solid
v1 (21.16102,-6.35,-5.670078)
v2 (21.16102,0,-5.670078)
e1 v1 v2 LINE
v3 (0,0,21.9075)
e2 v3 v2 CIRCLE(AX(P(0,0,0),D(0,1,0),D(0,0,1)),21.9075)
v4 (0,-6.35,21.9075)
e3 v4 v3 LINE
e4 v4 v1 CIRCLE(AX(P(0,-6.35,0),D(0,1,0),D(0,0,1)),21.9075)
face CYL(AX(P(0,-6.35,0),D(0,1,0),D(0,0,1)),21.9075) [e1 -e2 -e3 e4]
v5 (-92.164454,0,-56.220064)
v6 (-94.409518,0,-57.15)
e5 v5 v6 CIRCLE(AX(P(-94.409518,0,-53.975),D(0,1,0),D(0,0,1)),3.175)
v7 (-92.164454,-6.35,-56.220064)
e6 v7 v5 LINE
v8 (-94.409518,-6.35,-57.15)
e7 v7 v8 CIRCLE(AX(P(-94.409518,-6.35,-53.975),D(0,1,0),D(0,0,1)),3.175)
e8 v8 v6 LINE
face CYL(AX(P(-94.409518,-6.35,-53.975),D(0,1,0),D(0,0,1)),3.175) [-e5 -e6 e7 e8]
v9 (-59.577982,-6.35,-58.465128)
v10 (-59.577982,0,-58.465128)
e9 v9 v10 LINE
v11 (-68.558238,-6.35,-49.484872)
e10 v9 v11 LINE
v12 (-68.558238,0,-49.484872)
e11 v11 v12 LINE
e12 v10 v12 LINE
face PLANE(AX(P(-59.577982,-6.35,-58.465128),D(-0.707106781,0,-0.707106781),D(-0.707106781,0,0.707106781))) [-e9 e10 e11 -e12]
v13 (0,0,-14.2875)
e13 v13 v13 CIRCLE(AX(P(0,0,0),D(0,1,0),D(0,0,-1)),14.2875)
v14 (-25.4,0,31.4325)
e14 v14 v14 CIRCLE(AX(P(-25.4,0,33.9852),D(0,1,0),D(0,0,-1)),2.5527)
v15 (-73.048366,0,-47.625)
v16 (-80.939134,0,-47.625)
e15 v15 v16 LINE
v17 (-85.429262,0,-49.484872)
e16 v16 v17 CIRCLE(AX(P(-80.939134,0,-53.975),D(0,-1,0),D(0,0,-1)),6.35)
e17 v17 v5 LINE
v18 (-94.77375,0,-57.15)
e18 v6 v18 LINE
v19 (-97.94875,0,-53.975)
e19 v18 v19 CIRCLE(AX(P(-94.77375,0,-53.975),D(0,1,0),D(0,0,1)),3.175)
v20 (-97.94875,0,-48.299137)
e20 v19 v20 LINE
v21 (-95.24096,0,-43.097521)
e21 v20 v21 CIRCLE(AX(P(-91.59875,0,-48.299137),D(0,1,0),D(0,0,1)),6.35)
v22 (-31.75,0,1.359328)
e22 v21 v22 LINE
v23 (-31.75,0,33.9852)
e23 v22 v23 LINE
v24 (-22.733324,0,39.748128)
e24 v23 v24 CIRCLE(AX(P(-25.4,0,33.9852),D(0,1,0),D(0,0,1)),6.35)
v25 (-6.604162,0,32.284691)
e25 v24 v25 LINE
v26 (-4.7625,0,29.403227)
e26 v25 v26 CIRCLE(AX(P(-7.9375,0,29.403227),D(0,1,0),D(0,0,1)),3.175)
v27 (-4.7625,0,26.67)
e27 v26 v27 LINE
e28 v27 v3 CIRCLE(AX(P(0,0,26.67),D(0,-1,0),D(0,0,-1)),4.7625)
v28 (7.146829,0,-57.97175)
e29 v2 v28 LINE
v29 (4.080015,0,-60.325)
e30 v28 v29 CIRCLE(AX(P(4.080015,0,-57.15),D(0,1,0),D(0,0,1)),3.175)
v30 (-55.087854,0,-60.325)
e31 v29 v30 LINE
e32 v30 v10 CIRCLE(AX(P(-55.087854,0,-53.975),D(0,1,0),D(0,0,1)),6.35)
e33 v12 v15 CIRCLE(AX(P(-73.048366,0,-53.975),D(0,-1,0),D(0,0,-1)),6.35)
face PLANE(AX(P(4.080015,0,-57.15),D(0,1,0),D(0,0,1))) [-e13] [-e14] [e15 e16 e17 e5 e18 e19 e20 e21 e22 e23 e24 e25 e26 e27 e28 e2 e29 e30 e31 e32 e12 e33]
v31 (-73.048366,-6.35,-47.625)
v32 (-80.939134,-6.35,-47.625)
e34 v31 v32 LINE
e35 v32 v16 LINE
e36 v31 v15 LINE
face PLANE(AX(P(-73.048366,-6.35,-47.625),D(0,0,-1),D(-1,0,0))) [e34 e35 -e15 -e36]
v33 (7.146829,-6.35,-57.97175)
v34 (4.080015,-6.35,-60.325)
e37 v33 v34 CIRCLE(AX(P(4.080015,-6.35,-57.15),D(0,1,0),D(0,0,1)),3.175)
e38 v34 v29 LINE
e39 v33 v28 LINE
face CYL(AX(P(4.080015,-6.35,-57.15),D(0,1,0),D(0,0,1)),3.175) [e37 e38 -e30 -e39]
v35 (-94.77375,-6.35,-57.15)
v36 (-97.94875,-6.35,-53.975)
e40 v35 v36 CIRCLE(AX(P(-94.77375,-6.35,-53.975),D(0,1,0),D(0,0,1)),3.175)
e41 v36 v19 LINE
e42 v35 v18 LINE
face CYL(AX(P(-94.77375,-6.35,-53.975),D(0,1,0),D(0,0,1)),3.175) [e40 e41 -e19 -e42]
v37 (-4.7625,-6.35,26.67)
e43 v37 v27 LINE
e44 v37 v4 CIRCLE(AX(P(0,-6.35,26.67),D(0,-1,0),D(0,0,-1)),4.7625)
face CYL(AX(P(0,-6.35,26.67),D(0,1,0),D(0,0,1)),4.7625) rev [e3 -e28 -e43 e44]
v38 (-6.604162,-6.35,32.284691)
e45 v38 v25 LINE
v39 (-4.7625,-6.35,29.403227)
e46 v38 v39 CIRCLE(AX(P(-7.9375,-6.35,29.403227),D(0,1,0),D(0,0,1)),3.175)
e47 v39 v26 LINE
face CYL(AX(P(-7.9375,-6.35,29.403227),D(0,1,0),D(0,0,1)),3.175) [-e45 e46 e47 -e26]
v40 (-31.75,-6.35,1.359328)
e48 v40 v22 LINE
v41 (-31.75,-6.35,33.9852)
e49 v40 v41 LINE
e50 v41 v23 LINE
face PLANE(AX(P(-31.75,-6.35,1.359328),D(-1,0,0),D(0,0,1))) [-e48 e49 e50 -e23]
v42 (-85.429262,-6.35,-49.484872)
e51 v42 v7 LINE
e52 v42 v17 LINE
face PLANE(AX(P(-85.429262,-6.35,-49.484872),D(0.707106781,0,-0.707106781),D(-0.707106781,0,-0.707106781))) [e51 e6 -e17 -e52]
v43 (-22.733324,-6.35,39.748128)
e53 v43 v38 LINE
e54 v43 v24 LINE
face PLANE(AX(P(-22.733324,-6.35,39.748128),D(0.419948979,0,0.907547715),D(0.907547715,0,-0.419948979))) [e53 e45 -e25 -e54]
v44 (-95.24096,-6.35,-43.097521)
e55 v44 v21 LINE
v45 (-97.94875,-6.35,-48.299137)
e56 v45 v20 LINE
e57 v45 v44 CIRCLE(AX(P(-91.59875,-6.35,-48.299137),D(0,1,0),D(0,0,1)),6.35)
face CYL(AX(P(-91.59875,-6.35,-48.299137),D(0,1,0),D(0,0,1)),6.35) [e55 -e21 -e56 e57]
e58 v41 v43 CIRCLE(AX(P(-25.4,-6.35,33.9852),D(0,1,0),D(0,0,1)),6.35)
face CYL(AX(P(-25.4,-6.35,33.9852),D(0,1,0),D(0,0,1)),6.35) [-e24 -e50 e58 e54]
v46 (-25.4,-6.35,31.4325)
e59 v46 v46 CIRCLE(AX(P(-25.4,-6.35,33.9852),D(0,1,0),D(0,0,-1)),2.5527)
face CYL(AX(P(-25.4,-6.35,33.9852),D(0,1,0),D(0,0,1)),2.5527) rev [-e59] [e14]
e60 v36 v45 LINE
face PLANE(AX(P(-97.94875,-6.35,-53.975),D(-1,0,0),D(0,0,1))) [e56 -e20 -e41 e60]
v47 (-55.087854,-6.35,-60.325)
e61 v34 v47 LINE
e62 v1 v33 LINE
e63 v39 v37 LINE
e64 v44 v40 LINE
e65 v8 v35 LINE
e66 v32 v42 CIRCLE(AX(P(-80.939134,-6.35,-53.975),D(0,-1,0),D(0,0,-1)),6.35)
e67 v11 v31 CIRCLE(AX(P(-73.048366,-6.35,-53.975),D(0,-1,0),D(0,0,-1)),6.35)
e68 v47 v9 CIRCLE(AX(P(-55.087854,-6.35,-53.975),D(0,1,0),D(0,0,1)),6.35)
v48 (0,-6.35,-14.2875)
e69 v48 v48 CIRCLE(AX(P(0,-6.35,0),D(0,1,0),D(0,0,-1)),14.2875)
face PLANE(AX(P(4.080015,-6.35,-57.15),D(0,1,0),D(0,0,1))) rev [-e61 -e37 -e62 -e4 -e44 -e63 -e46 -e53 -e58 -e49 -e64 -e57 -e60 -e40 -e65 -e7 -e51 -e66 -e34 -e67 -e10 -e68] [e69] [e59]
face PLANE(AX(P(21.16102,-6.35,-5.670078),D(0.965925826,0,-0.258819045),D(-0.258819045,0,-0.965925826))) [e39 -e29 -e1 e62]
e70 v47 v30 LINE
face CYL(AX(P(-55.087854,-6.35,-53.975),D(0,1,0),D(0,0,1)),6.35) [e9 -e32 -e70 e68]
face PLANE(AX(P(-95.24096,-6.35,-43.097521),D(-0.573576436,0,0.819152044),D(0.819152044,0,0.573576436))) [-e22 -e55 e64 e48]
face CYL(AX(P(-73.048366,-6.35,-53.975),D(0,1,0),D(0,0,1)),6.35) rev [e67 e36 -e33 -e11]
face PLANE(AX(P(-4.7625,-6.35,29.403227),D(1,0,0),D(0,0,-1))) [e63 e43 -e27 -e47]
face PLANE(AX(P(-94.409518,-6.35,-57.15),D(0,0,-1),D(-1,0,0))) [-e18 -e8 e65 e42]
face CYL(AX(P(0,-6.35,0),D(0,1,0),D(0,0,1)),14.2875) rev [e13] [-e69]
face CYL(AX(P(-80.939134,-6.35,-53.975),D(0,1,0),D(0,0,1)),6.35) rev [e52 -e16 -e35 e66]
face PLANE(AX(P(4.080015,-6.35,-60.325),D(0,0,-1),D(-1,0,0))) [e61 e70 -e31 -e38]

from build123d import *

# Parameters (mm, degrees)
SKETCH1_R           = 2.5527
SKETCH1_R_2         = 14.2875
BOSS_EXTRUDE1_DEPTH = 6.35


with BuildPart() as part:
    # Sketch1 → Boss-Extrude1 (new body)
    with BuildSketch(Plane(origin=(0, 0, 0), x_dir=(1, 0, 0), z_dir=(0, 1, 0))):
        with BuildLine():
            Line((4.080014702, 60.325), (-55.087853576, 60.325))
            ThreePointArc((-55.087853576, 60.325), (-57.517893372, 59.841635031), (-59.577981637, 58.465128061))
            Line((-59.577981637, 58.465128061), (-68.558237758, 49.484871939))
            ThreePointArc((-68.558237758, 49.484871939), (-70.618326023, 48.108364969), (-73.048365818, 47.625))
            Line((-73.048365818, 47.625), (-80.939134182, 47.625))
            ThreePointArc((-80.939134182, 47.625), (-83.369173977, 48.108364969), (-85.429262242, 49.484871939))
            Line((-85.429262242, 49.484871939), (-92.164454333, 56.22006403))
            ThreePointArc((-92.164454333, 56.22006403), (-93.194498465, 56.908317516), (-94.409518363, 57.15))
            Line((-94.409518363, 57.15), (-94.77375, 57.15))
            ThreePointArc((-94.77375, 57.15), (-97.01881403, 56.22006403), (-97.94875, 53.975))
            Line((-97.94875, 53.975), (-97.94875, 48.299136826))
            ThreePointArc((-97.94875, 48.299136826), (-97.231268791, 45.367033132), (-95.240960371, 43.097521344))
            Line((-95.240960371, 43.097521344), (-31.75, -1.359327715))
            Line((-31.75, -1.359327715), (-31.75, -33.9852))
            ThreePointArc((-31.75, -33.9852), (-28.819730055, -39.335708981), (-22.733323984, -39.748127991))
            Line((-22.733323984, -39.748127991), (-6.604161992, -32.284691086))
            ThreePointArc((-6.604161992, -32.284691086), (-5.26224551, -31.113092118), (-4.7625, -29.403227091))
            Line((-4.7625, -29.403227091), (-4.7625, -26.67))
            ThreePointArc((-4.7625, -26.67), (-3.367596045, -23.302403955), (0, -21.9075))
            ThreePointArc((0, -21.9075), (17.380388302, -13.336441006), (21.161020039, 5.670078231))
            Line((21.161020039, 5.670078231), (7.146829201, 57.971750468))
            ThreePointArc((7.146829201, 57.971750468), (6.012832239, 59.668896855), (4.080014702, 60.325))
        make_face()
        with Locations((-25.4, -33.9852)):
            Circle(SKETCH1_R, mode=Mode.SUBTRACT)
        Circle(SKETCH1_R_2, mode=Mode.SUBTRACT)
    extrude(amount=-BOSS_EXTRUDE1_DEPTH)


solid = part.part
